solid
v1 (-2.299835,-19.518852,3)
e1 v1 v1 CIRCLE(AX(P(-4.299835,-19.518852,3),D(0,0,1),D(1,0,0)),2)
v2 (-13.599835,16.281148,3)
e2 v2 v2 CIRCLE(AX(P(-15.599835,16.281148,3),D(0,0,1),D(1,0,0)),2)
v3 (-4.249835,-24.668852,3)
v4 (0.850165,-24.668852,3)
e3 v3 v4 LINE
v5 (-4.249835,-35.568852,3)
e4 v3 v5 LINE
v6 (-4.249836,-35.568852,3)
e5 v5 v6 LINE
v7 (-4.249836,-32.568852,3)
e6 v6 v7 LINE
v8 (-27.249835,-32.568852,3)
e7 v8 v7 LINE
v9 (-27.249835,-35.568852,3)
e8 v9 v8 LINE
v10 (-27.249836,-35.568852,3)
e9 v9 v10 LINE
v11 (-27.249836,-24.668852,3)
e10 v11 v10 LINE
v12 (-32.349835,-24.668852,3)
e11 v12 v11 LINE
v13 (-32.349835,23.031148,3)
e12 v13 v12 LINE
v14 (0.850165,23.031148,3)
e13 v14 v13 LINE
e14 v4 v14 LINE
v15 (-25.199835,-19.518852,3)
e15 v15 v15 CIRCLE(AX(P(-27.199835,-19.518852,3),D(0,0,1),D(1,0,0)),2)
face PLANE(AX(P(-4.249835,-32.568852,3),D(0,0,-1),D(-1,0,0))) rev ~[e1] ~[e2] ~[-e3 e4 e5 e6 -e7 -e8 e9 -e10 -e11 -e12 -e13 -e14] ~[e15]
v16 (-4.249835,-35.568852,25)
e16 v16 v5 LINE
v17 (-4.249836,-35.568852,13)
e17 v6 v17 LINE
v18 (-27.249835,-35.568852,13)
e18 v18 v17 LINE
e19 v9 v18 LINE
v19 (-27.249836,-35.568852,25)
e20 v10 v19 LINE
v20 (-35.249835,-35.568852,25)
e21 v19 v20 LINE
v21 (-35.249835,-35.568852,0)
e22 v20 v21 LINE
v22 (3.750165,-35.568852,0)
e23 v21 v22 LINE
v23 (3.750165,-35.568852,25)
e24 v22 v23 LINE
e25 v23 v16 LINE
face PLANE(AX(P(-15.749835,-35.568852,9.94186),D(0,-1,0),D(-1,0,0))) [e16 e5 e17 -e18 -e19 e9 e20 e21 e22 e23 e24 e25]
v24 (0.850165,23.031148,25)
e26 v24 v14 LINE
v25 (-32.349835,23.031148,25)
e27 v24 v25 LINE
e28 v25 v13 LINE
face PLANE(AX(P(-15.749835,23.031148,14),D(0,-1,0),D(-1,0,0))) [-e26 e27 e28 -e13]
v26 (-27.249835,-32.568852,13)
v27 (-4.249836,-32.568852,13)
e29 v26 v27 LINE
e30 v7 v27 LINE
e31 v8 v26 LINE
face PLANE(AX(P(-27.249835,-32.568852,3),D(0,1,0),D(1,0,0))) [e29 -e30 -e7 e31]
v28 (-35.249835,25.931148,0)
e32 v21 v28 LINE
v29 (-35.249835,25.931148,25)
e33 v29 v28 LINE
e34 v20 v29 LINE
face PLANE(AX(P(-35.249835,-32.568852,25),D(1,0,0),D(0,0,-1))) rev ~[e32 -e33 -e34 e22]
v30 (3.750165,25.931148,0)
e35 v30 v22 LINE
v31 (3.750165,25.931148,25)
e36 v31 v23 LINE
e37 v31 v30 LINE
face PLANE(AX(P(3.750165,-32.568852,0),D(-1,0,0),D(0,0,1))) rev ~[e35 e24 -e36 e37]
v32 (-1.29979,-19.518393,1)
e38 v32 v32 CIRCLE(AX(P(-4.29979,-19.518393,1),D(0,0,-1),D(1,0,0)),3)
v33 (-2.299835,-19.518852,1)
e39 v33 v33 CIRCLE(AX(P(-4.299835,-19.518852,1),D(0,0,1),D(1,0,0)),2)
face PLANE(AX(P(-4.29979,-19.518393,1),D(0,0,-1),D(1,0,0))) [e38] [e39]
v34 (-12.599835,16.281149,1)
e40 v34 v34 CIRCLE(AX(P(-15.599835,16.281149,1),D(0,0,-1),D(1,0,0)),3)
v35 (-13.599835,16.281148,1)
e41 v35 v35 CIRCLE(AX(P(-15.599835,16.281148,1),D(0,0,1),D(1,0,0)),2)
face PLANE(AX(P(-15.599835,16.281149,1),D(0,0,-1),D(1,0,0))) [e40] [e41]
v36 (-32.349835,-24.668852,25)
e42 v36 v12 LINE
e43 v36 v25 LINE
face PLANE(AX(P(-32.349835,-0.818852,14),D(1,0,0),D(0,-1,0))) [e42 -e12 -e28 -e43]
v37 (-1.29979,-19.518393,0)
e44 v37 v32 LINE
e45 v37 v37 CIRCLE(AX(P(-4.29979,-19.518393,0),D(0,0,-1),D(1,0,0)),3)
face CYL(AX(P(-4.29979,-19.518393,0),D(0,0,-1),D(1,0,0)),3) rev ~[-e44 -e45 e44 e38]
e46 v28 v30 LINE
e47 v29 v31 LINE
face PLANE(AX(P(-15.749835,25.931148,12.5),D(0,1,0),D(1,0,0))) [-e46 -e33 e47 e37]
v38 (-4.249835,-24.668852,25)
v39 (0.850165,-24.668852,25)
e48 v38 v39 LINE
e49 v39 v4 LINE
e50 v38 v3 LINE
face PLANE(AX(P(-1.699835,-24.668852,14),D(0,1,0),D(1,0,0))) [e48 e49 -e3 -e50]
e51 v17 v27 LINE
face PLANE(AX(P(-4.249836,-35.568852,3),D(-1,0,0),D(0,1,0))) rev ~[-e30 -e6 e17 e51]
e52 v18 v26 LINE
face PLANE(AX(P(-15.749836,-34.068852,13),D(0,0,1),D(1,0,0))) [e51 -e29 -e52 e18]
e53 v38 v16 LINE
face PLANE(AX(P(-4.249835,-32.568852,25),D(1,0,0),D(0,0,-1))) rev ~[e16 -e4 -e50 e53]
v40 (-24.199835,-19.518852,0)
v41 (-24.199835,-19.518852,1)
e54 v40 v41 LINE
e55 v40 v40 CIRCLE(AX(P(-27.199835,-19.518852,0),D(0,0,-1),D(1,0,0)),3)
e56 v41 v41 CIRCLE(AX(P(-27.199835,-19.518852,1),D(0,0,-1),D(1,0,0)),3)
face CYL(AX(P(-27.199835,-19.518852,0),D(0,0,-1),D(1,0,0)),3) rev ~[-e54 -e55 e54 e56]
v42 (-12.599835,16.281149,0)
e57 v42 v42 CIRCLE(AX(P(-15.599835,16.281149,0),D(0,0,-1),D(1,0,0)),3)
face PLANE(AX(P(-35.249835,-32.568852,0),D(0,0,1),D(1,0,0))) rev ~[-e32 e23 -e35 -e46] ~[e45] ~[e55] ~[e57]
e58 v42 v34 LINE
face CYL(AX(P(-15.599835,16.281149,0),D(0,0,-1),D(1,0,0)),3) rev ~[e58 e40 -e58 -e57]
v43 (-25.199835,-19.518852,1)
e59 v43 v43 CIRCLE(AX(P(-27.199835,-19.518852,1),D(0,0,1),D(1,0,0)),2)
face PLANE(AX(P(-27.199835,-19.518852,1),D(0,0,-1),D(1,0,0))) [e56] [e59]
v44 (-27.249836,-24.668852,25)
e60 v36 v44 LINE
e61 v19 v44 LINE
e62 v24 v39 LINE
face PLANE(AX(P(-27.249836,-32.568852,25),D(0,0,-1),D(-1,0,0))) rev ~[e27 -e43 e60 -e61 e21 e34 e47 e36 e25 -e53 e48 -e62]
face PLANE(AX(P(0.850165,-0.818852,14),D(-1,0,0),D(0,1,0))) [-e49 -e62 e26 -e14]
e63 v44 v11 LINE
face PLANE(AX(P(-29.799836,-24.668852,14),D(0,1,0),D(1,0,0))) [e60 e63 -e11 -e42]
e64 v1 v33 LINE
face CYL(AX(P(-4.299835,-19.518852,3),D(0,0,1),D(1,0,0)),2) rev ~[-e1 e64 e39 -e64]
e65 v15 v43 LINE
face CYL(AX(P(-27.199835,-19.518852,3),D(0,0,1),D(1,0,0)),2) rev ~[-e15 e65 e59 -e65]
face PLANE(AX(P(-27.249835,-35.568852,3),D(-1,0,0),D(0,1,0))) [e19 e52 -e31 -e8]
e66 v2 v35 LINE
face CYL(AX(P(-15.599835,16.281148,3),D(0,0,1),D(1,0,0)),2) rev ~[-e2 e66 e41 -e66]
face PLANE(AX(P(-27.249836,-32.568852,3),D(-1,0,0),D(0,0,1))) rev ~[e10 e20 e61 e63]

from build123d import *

# Parameters (mm, degrees)
SKETCH_W           = 37
SKETCH_H           = 51.5
PAD_DEPTH          = 25
SKETCH001_W        = 31
SKETCH001_H        = 45.5
POCKET_DEPTH       = 22
SKETCH002_W        = 31.0000008352
SKETCH002_H        = 3
POCKET001_DEPTH    = 22
SKETCH003_R        = 2
POCKET002_DEPTH    = 5
SKETCH004_R        = 3
POCKET003_DEPTH    = 1
SKETCH005_W        = 4
SKETCH005_H        = 3
PAD001_DEPTH       = 22
PAD001_FACE12_W    = 45.5
PAD001_FACE12_H    = 22
POCKET004_DEPTH    = 0.1
POCKET004_FACE17_W = 3.9999991648
POCKET004_FACE17_H = 22
POCKET005_DEPTH    = 0.1
POCKET005_FACE13_W = 31
POCKET005_FACE13_H = 22
POCKET006_DEPTH    = 0.1
POCKET006_FACE12_W = 45.5
POCKET006_FACE12_H = 22
POCKET007_DEPTH    = 0.1
POCKET007_FACE11_W = 4
POCKET007_FACE11_H = 22
POCKET008_DEPTH    = 0.1
POCKET008_FACE19_W = 0.1
POCKET008_FACE19_H = 22
POCKET009_DEPTH    = 0.1
POCKET009_FACE15_W = 0.1
POCKET009_FACE15_H = 22
POCKET010_DEPTH    = 0.1
POCKET010_FACE12_W = 0.1
POCKET010_FACE12_H = 22
POCKET011_DEPTH    = 0.1
POCKET011_FACE22_W = 0.1
POCKET011_FACE22_H = 22
POCKET012_DEPTH    = 0.1
POCKET012_FACE22_W = 45.7
POCKET012_FACE22_H = 22
POCKET013_DEPTH    = 1
POCKET013_FACE12_W = 45.7
POCKET013_FACE12_H = 22
POCKET014_DEPTH    = 1
POCKET014_FACE22_W = 33.2
POCKET014_FACE22_H = 22
POCKET015_DEPTH    = 1
POCKET015_FACE17_W = 5.0999991648
POCKET015_FACE17_H = 22
POCKET016_DEPTH    = 1
POCKET016_FACE11_W = 5.1
POCKET016_FACE11_H = 22
POCKET017_DEPTH    = 1
POCKET017_FACE3_W  = 51.5
POCKET017_FACE3_H  = 25
PAD002_DEPTH       = 1
PAD002_FACE2_W     = 51.5
PAD002_FACE2_H     = 25
PAD003_DEPTH       = 1
PAD003_FACE2_W     = 39
PAD003_FACE2_H     = 25
PAD004_DEPTH       = 1
PAD005_DEPTH       = 1
PAD006_DEPTH       = 5
PAD007_DEPTH       = 3
SKETCH006_W        = 22.9999991648
SKETCH006_H        = 3
PAD008_DEPTH       = 10


with BuildPart() as part:
    # Sketch → Pad (new body)
    with BuildSketch(Plane.XY):
        with Locations((-15.7498351648, -0.8188517965)):
            Rectangle(SKETCH_W, SKETCH_H)
    extrude(amount=PAD_DEPTH)

    # Sketch001 (on Face6 of Pad) → Pocket (cut)
    with BuildSketch(Plane.XY.offset(25)):
        with Locations((-15.7498351648, -0.8188517965)):
            Rectangle(SKETCH001_W, SKETCH001_H)
    extrude(amount=-POCKET_DEPTH, mode=Mode.SUBTRACT)

    # Sketch002 (on Face5 of Pocket) → Pocket001 (cut)
    with BuildSketch(Plane.XY.offset(25)):
        with Locations((-15.7498355824, -25.0688517965)):
            Rectangle(SKETCH002_W, SKETCH002_H)
    extrude(amount=-POCKET001_DEPTH, mode=Mode.SUBTRACT)

    # Sketch003 (on Face12 of Pocket001) → Pocket002 (cut)
    with BuildSketch(Plane.XY.offset(3)):
        with Locations((-15.5998351648, 16.2811482035)):
            Circle(SKETCH003_R)
        with Locations((-27.1998351648, -19.5188517965)):
            Circle(SKETCH003_R)
        with Locations((-4.2998351648, -19.5188517965)):
            Circle(SKETCH003_R)
    extrude(amount=-POCKET002_DEPTH, mode=Mode.SUBTRACT)

    # Sketch004 (on Face4 of Pocket002) → Pocket003 (cut)
    with BuildSketch(Plane(origin=(0, 0, 0), x_dir=(1, 0, 0), z_dir=(0, 0, -1))):
        with Locations((-27.199835, 19.518852)):
            Circle(SKETCH004_R)
        with Locations((-4.29979, 19.518393)):
            Circle(SKETCH004_R)
        with Locations((-15.599835, -16.281149)):
            Circle(SKETCH004_R)
    extrude(amount=-POCKET003_DEPTH, mode=Mode.SUBTRACT)

    # Sketch005 (on Face15 of Pocket003) → Pad001 (join)
    with BuildSketch(Plane.XY.offset(3)):
        with Locations((-29.249836, -25.0688517965)):
            Rectangle(SKETCH005_W, SKETCH005_H)
        with Locations((-2.2498351648, -25.0688517965)):
            Rectangle(SKETCH005_W, SKETCH005_H)
    extrude(amount=PAD001_DEPTH)

    # Pad001 Face12 → Pocket004 (cut)
    with BuildSketch(Plane(origin=(-31.2498351648, -0.8188517965, 14), x_dir=(0, -1, 0), z_dir=(1, 0, 0))):
        Rectangle(PAD001_FACE12_W, PAD001_FACE12_H)
    extrude(amount=-POCKET004_DEPTH, mode=Mode.SUBTRACT)

    # Pocket004 Face17 → Pocket005 (cut)
    with BuildSketch(Plane(origin=(-29.2498355824, -23.5688517965, 14), x_dir=(1, 0, 0), z_dir=(0, 1, 0))):
        Rectangle(POCKET004_FACE17_W, POCKET004_FACE17_H)
    extrude(amount=-POCKET005_DEPTH, mode=Mode.SUBTRACT)

    # Pocket005 Face13 → Pocket006 (cut)
    with BuildSketch(Plane(origin=(-15.7498351648, 21.9311482035, 14), x_dir=(-1, 0, 0), z_dir=(0, -1, 0))):
        Rectangle(POCKET005_FACE13_W, POCKET005_FACE13_H)
    extrude(amount=-POCKET006_DEPTH, mode=Mode.SUBTRACT)

    # Pocket006 Face12 → Pocket007 (cut)
    with BuildSketch(Plane(origin=(-0.2498351648, -0.8188517965, 14), x_dir=(0, 1, 0), z_dir=(-1, 0, 0))):
        Rectangle(POCKET006_FACE12_W, POCKET006_FACE12_H)
    extrude(amount=-POCKET007_DEPTH, mode=Mode.SUBTRACT)

    # Pocket007 Face11 → Pocket008 (cut)
    with BuildSketch(Plane(origin=(-2.2498351648, -23.5688517965, 14), x_dir=(1, 0, 0), z_dir=(0, 1, 0))):
        Rectangle(POCKET007_FACE11_W, POCKET007_FACE11_H)
    extrude(amount=-POCKET008_DEPTH, mode=Mode.SUBTRACT)

    # Pocket008 Face19 → Pocket009 (cut)
    with BuildSketch(Plane(origin=(-31.2998351648, 21.9311482035, 14), x_dir=(-1, 0, 0), z_dir=(0, -1, 0))):
        Rectangle(POCKET008_FACE19_W, POCKET008_FACE19_H)
    extrude(amount=-POCKET009_DEPTH, mode=Mode.SUBTRACT)

    # Pocket009 Face15 → Pocket010 (cut)
    with BuildSketch(Plane(origin=(-0.1998351648, 21.9311482035, 14), x_dir=(-1, 0, 0), z_dir=(0, -1, 0))):
        Rectangle(POCKET009_FACE15_W, POCKET009_FACE15_H)
    extrude(amount=-POCKET010_DEPTH, mode=Mode.SUBTRACT)

    # Pocket010 Face12 → Pocket011 (cut)
    with BuildSketch(Plane(origin=(-0.2498351648, -23.6188517965, 14), x_dir=(0, 1, 0), z_dir=(-1, 0, 0))):
        Rectangle(POCKET010_FACE12_W, POCKET010_FACE12_H)
    extrude(amount=-POCKET011_DEPTH, mode=Mode.SUBTRACT)

    # Pocket011 Face22 → Pocket012 (cut)
    with BuildSketch(Plane(origin=(-31.2498351648, -23.6188517965, 14), x_dir=(0, -1, 0), z_dir=(1, 0, 0))):
        Rectangle(POCKET011_FACE22_W, POCKET011_FACE22_H)
    extrude(amount=-POCKET012_DEPTH, mode=Mode.SUBTRACT)

    # Pocket012 Face22 → Pocket013 (cut)
    with BuildSketch(Plane(origin=(-31.3498351648, -0.8188517965, 14), x_dir=(0, -1, 0), z_dir=(1, 0, 0))):
        Rectangle(POCKET012_FACE22_W, POCKET012_FACE22_H)
    extrude(amount=-POCKET013_DEPTH, mode=Mode.SUBTRACT)

    # Pocket013 Face12 → Pocket014 (cut)
    with BuildSketch(Plane(origin=(-0.1498351648, -0.8188517965, 14), x_dir=(0, 1, 0), z_dir=(-1, 0, 0))):
        Rectangle(POCKET013_FACE12_W, POCKET013_FACE12_H)
    extrude(amount=-POCKET014_DEPTH, mode=Mode.SUBTRACT)

    # Pocket014 Face22 → Pocket015 (cut)
    with BuildSketch(Plane(origin=(-15.7498351648, 22.0311482035, 14), x_dir=(-1, 0, 0), z_dir=(0, -1, 0))):
        Rectangle(POCKET014_FACE22_W, POCKET014_FACE22_H)
    extrude(amount=-POCKET015_DEPTH, mode=Mode.SUBTRACT)

    # Pocket015 Face17 → Pocket016 (cut)
    with BuildSketch(Plane(origin=(-29.7998355824, -23.6688517965, 14), x_dir=(1, 0, 0), z_dir=(0, 1, 0))):
        Rectangle(POCKET015_FACE17_W, POCKET015_FACE17_H)
    extrude(amount=-POCKET016_DEPTH, mode=Mode.SUBTRACT)

    # Pocket016 Face11 → Pocket017 (cut)
    with BuildSketch(Plane(origin=(-1.6998351648, -23.6688517965, 14), x_dir=(1, 0, 0), z_dir=(0, 1, 0))):
        Rectangle(POCKET016_FACE11_W, POCKET016_FACE11_H)
    extrude(amount=-POCKET017_DEPTH, mode=Mode.SUBTRACT)

    # Pocket017 Face3 → Pad002 (add)
    with BuildSketch(Plane(origin=(2.7501648352, -0.8188517965, 12.5), x_dir=(0, -1, 0), z_dir=(1, 0, 0))):
        Rectangle(POCKET017_FACE3_W, POCKET017_FACE3_H)
    extrude(amount=PAD002_DEPTH)

    # Pad002 Face2 → Pad003 (add)
    with BuildSketch(Plane(origin=(-34.2498351648, -0.8188517965, 12.5), x_dir=(0, 1, 0), z_dir=(-1, 0, 0))):
        Rectangle(PAD002_FACE2_W, PAD002_FACE2_H)
    extrude(amount=PAD003_DEPTH)

    # Pad003 Face2 → Pad004 (add)
    with BuildSketch(Plane(origin=(-15.7498351648, 24.9311482035, 12.5), x_dir=(1, 0, 0), z_dir=(0, 1, 0))):
        Rectangle(PAD003_FACE2_W, PAD003_FACE2_H)
    extrude(amount=PAD004_DEPTH)

    # Pad004 Face2 → Pad005 (add)
    with BuildSketch(Plane(origin=(-15.7498347143, -26.5688517965, 10.8816629908), x_dir=(-1, 0, 0), z_dir=(0, -1, 0))):
        Polygon((19.5000004505, 10.8816629908), (-19.4999995495, 10.8816629908), (-19.4999995495, -14.1183370092), (-11.4999995495, -14.1183370092), (-11.4999995495, 7.8816629908), (11.5000012857, 7.8816629908), (11.5000012857, -14.1183370092), (19.5000004505, -14.1183370092), align=None)
    extrude(amount=PAD005_DEPTH)

    # Pad005 Face1 → Pad006 (add)
    with BuildSketch(Plane(origin=(-15.7498347143, -27.5688517965, 10.8816629908), x_dir=(-1, 0, 0), z_dir=(0, -1, 0))):
        Polygon((19.5000004505, 10.8816629908), (-19.4999995495, 10.8816629908), (-19.4999995495, -14.1183370092), (-11.4999995495, -14.1183370092), (-11.4999995495, 7.8816629908), (11.5000012857, 7.8816629908), (11.5000012857, -14.1183370092), (19.5000004505, -14.1183370092), align=None)
    extrude(amount=PAD006_DEPTH)

    # Pad006 Face3 → Pad007 (add)
    with BuildSketch(Plane(origin=(-15.7498347143, -32.5688517965, 10.8816629908), x_dir=(-1, 0, 0), z_dir=(0, -1, 0))):
        Polygon((19.5000004505, 10.8816629908), (-19.4999995495, 10.8816629908), (-19.4999995495, -14.1183370092), (-11.4999995495, -14.1183370092), (-11.4999995495, 7.8816629908), (11.5000012857, 7.8816629908), (11.5000012857, -14.1183370092), (19.5000004505, -14.1183370092), align=None)
    extrude(amount=PAD007_DEPTH)

    # Sketch006 (on Face23 of Pad007) → Pad008 (join)
    with BuildSketch(Plane.XY.offset(3)):
        with Locations((-15.7498355824, -34.0688517965)):
            Rectangle(SKETCH006_W, SKETCH006_H)
    extrude(amount=PAD008_DEPTH)


solid = part.part
